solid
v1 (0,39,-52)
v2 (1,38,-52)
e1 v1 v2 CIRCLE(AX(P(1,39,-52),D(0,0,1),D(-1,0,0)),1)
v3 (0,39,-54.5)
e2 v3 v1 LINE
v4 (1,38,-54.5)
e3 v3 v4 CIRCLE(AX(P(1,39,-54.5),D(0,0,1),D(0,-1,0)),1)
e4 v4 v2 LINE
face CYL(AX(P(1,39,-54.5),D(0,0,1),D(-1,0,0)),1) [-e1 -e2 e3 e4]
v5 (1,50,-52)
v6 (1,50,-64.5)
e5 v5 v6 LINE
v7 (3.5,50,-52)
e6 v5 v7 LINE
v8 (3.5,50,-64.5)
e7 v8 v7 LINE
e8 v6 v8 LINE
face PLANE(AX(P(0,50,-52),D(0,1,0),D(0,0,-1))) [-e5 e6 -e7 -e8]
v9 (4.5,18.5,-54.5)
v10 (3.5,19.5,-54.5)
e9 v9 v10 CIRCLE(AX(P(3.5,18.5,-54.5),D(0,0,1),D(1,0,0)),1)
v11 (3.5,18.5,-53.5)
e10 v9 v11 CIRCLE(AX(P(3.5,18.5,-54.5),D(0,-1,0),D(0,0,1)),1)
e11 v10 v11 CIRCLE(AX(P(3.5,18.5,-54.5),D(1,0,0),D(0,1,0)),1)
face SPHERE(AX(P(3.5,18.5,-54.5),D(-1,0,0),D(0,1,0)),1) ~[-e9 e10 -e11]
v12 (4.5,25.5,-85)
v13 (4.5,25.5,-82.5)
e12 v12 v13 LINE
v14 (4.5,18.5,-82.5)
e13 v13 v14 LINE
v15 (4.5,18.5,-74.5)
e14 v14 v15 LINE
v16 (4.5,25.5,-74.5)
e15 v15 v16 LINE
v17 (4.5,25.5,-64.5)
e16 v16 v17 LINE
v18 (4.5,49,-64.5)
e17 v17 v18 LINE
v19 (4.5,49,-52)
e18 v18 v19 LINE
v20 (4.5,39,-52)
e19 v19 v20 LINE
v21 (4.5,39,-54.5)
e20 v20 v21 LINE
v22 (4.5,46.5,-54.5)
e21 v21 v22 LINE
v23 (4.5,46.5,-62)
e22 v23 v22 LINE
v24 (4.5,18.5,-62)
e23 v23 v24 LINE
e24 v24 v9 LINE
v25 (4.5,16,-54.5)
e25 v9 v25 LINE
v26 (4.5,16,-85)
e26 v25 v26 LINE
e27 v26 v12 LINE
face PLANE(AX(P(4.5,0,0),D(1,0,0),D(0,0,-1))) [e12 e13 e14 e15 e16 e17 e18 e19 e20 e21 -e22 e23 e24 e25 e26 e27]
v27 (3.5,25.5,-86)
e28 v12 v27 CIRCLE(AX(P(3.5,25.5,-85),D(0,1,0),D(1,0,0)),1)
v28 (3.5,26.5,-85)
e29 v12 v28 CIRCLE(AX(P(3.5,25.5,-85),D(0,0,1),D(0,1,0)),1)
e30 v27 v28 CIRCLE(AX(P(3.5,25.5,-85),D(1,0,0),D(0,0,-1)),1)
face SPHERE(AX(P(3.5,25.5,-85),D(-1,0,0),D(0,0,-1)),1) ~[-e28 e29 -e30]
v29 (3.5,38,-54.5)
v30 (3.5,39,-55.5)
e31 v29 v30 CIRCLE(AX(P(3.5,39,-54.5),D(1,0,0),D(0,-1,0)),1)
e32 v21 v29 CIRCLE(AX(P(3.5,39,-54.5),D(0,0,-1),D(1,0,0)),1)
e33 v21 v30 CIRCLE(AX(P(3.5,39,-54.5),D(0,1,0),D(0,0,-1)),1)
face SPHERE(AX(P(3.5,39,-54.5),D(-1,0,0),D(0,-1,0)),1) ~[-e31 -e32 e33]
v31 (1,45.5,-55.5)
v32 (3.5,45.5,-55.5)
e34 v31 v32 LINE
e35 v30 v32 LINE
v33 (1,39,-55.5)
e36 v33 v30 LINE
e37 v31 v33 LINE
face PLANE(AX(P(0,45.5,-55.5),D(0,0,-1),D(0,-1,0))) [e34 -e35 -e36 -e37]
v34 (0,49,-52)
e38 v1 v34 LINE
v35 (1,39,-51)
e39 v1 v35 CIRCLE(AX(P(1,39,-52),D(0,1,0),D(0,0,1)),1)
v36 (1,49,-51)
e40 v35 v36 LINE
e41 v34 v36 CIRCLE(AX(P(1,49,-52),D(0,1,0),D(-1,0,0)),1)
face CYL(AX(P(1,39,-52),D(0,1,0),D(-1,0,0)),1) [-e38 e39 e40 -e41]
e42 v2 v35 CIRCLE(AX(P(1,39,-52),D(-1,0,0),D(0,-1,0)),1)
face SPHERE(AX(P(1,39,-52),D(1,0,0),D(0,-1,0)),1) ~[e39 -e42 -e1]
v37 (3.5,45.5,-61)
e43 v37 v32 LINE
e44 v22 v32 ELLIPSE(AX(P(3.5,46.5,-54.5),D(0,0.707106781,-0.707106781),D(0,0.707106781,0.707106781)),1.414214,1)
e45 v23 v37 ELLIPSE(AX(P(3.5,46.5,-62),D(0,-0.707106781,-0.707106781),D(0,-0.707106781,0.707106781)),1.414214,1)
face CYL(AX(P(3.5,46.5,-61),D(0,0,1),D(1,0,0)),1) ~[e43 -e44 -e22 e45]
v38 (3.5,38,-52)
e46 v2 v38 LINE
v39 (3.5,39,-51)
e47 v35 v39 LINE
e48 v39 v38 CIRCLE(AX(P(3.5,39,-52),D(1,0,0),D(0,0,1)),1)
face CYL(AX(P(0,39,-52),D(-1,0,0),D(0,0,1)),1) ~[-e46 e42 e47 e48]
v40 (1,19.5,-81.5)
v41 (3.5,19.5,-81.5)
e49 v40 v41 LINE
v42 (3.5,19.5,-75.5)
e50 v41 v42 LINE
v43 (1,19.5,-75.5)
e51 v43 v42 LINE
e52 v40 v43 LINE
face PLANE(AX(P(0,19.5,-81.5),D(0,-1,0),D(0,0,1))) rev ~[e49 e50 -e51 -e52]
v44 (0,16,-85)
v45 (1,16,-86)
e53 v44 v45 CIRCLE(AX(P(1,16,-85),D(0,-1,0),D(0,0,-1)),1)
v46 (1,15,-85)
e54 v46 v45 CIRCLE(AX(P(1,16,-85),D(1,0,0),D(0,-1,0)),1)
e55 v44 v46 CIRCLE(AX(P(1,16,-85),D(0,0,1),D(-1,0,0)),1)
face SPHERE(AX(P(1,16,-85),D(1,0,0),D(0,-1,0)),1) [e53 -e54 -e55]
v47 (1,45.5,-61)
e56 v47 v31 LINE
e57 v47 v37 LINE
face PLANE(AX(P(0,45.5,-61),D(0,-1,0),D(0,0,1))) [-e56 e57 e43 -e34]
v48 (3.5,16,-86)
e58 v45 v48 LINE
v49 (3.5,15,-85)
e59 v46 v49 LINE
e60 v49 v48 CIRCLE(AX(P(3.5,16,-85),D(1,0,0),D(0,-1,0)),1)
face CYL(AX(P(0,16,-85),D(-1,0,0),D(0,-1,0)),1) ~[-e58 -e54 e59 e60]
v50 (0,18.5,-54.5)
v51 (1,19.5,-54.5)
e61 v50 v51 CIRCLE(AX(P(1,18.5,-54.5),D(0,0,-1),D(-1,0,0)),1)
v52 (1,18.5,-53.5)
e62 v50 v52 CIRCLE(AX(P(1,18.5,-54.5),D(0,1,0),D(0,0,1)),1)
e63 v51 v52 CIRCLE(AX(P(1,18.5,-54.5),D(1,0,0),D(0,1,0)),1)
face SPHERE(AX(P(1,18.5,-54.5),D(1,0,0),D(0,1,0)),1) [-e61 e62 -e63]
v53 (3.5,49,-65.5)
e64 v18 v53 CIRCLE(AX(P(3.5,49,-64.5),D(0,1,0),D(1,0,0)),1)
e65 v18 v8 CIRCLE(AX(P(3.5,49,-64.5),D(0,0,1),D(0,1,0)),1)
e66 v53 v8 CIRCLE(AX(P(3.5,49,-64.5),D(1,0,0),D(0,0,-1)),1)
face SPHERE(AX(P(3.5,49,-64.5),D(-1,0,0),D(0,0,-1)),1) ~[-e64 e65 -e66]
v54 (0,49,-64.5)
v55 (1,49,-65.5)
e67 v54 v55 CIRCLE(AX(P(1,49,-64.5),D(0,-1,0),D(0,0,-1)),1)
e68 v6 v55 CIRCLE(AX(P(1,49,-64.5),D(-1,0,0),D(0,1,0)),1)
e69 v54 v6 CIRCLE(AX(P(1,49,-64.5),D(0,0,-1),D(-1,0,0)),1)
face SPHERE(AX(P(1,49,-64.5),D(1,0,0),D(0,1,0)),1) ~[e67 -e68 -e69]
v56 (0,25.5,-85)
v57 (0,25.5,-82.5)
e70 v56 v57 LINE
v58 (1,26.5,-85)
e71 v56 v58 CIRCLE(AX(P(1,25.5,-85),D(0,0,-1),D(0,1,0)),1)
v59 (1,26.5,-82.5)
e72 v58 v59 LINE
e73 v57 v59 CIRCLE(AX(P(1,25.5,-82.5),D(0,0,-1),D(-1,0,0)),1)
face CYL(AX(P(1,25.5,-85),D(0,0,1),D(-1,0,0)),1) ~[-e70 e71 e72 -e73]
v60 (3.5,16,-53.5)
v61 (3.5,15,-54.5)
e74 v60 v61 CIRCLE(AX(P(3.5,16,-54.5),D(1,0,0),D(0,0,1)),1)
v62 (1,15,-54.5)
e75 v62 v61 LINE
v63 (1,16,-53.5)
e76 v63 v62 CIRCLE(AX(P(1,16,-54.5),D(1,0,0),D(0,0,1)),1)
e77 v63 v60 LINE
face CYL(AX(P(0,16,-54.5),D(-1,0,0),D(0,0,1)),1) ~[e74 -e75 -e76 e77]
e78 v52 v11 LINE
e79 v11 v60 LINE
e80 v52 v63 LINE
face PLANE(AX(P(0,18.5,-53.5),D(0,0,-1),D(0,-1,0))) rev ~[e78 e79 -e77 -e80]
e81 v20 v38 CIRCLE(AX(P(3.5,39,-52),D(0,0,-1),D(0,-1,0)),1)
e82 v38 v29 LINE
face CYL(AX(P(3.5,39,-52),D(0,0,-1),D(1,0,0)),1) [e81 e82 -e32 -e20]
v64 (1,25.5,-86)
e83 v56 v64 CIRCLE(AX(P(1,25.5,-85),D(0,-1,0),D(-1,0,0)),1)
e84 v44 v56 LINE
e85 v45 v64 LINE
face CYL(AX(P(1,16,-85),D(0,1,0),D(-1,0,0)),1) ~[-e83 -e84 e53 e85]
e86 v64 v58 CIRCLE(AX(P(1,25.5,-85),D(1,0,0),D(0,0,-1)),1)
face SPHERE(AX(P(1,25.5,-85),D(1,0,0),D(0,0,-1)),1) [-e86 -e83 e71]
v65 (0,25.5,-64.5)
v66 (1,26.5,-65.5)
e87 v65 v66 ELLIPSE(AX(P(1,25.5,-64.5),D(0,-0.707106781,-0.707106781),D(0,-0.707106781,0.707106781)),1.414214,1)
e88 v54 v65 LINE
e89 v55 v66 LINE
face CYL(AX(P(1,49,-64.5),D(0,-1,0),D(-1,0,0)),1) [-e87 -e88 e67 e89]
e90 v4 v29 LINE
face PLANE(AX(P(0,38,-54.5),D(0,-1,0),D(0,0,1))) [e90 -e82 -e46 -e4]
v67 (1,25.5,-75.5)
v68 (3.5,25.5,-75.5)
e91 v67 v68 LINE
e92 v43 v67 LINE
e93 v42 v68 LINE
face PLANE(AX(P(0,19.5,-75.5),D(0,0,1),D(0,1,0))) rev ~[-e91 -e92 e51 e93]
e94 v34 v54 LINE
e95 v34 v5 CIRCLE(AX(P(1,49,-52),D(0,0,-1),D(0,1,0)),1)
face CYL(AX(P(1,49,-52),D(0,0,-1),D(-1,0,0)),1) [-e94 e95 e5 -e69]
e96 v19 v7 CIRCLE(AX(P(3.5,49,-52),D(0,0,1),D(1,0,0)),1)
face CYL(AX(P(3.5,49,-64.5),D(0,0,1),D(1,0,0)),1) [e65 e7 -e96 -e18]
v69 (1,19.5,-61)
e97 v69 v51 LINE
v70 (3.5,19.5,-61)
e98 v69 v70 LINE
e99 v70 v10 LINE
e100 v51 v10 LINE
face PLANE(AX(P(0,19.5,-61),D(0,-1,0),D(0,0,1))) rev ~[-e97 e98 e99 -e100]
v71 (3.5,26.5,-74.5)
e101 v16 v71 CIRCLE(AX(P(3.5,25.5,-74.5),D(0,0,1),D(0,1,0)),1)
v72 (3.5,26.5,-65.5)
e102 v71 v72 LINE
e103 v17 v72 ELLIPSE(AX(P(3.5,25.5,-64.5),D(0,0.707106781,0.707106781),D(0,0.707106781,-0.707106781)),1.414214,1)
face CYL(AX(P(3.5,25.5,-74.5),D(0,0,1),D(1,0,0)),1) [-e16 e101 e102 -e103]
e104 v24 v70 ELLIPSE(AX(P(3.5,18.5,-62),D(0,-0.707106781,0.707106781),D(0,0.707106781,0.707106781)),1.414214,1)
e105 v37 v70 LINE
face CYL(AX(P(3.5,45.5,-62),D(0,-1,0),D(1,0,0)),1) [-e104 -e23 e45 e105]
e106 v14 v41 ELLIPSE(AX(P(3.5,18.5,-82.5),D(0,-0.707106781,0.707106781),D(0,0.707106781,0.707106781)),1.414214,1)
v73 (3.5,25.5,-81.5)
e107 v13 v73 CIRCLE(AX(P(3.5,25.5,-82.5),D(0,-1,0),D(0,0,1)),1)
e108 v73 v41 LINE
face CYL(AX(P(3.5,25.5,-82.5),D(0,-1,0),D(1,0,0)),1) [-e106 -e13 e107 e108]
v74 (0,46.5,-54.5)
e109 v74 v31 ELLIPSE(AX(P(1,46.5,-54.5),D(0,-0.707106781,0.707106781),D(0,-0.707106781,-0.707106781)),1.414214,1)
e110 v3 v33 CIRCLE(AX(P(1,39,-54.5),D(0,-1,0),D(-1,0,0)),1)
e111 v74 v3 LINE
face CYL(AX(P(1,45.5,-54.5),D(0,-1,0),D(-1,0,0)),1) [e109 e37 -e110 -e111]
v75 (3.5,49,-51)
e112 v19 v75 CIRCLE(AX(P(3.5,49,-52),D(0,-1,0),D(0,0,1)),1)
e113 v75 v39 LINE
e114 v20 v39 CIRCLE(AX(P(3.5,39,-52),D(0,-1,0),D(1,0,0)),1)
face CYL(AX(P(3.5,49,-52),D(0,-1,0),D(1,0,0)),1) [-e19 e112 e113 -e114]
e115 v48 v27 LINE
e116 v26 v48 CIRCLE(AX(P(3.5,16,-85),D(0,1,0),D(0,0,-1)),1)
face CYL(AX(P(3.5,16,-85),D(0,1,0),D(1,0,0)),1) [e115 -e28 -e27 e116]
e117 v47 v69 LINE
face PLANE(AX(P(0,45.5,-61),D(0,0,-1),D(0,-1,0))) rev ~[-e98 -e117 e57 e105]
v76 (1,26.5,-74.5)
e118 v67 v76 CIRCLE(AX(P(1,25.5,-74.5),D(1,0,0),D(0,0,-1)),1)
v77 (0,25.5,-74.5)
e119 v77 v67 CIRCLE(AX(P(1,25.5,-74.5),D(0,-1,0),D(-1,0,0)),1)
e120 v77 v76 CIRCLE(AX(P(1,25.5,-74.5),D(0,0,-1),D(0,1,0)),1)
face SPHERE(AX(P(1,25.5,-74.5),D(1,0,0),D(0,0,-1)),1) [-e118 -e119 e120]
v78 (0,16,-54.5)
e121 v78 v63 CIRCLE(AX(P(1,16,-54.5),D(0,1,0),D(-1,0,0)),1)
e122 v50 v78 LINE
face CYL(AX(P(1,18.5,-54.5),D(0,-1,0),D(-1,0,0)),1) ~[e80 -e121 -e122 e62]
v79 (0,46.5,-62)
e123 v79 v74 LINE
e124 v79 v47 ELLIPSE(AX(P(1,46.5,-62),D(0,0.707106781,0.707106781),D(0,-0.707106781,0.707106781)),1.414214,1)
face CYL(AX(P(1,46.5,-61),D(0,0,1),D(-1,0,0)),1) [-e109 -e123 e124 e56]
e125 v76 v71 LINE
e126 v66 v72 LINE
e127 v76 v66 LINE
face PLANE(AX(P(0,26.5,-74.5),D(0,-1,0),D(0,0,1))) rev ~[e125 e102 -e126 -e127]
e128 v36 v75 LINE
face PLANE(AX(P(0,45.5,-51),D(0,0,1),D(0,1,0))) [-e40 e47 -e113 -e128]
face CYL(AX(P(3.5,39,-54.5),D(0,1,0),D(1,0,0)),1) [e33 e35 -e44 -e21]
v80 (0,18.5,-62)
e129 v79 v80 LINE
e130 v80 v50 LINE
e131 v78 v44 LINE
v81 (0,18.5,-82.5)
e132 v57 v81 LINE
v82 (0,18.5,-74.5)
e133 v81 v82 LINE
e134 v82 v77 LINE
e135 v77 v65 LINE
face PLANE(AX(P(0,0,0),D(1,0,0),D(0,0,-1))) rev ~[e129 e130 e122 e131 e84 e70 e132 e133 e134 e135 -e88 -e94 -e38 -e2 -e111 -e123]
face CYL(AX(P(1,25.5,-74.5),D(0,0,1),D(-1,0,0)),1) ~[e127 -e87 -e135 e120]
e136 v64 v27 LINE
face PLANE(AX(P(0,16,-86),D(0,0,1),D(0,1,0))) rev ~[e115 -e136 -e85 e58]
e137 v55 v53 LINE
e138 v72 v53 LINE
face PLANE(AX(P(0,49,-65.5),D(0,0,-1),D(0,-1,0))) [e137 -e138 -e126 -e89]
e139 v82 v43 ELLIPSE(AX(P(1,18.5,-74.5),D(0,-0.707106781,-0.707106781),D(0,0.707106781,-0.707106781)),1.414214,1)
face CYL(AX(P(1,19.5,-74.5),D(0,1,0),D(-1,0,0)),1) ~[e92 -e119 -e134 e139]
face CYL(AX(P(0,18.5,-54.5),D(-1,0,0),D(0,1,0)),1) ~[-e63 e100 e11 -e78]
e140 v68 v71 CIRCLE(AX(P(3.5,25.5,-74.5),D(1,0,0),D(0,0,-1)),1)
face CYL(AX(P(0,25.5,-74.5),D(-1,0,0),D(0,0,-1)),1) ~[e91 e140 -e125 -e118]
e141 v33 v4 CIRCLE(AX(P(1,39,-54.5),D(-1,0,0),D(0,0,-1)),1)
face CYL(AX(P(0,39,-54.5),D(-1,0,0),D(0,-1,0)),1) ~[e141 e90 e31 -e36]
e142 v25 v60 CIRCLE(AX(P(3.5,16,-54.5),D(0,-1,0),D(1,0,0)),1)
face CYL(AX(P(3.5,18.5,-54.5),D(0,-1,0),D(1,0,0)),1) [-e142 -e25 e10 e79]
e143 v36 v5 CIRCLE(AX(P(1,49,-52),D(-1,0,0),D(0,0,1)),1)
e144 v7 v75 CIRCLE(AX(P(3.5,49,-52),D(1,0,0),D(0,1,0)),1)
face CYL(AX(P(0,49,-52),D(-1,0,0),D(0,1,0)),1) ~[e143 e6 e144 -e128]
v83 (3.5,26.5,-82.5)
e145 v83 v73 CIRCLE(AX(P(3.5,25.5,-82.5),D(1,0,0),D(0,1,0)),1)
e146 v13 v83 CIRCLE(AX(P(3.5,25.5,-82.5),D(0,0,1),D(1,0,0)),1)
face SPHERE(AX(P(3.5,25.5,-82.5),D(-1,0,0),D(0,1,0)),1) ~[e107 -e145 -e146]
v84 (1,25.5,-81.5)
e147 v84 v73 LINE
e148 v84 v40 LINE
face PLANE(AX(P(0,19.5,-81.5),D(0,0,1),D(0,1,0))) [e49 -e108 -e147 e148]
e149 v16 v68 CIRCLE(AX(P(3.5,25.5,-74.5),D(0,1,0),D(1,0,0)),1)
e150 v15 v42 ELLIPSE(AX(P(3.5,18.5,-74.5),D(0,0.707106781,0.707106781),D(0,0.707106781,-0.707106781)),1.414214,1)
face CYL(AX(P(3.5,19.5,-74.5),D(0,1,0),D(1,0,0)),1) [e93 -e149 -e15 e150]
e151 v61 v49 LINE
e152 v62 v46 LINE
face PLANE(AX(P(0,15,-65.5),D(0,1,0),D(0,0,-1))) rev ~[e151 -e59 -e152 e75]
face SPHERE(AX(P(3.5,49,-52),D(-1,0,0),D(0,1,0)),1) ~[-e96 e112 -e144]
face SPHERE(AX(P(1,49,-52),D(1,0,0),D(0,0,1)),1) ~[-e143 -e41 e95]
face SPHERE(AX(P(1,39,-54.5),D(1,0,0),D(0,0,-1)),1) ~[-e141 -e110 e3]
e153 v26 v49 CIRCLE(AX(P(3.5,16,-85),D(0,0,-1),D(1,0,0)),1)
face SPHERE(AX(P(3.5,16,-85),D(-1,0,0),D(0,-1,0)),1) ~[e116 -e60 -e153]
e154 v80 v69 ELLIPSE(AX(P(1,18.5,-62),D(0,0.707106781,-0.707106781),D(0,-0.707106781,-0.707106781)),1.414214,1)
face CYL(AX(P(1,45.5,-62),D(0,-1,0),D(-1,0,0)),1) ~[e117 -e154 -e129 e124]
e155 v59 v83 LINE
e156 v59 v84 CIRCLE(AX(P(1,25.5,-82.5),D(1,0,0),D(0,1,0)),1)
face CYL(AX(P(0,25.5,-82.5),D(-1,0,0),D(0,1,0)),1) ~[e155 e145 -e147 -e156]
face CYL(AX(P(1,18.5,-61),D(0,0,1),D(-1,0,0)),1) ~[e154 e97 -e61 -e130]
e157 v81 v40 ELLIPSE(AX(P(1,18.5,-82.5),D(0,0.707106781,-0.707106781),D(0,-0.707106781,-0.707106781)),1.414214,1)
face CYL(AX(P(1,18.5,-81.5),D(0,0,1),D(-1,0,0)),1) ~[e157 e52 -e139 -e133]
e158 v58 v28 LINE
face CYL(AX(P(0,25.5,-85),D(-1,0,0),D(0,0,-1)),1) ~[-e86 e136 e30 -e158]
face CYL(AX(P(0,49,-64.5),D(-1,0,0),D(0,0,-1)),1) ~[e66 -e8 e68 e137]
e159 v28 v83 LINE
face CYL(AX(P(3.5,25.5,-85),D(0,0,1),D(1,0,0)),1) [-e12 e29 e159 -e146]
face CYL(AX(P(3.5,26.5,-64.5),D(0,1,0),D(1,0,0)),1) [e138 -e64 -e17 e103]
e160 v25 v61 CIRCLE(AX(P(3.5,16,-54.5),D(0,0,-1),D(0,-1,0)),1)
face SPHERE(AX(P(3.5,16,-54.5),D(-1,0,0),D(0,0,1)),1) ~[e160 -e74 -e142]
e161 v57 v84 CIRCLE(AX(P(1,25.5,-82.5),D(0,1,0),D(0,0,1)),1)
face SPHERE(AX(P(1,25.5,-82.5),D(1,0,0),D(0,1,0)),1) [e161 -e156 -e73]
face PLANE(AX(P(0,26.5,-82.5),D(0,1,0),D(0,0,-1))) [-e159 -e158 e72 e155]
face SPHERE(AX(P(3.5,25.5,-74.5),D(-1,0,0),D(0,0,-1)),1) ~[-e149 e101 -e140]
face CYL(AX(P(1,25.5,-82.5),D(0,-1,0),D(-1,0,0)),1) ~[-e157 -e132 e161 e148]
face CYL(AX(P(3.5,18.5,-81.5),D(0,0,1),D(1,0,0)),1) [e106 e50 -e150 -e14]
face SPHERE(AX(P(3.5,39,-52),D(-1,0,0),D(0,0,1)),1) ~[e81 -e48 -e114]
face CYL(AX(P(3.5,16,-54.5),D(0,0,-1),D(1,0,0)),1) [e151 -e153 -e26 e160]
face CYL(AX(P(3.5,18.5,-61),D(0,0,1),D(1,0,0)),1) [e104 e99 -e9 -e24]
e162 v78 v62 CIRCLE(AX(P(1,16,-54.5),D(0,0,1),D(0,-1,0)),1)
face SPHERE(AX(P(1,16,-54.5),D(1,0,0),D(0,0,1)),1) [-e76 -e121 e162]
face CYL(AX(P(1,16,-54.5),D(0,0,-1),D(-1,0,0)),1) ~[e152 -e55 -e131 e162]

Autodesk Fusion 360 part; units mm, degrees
sketch "Sketch1" plane through (0, 0, 0) normal (1, 0, 0) x (0, 0, -1)
  line L0 (-50, 20) -> (-4, 20)
  line L1 (-4, 20) -> (-4, -11.5)
  line L2 (-4, -11.5) -> (-50, -11.5)
  line L3 (-50, -11.5) -> (-50, 20)
  line L4 (-65.5096, 6.4803) -> (-1.0096, 6.4803)
  line L5 (-1.0096, 6.4803) -> (-1.0096, -9.308)
  line L6 (-1.0096, -9.308) -> (-65.5096, -9.308)
  line L7 (-65.5096, -9.308) -> (-65.5096, 6.4803)
  line L8 (52, 50) -> (64.5, 50)
  line L9 (65.5, 49) -> (65.5, 45.5)
  line L10 (65.5, 45.5) -> (51, 45.5)
  line L11 (51, 45.5) -> (51, 49)
  line L12 (51, 45.5) -> (55.5, 45.5)
  line L13 (55.5, 45.5) -> (55.5, 39)
  line L14 (54.5, 38) -> (52, 38)
  line L15 (51, 39) -> (51, 45.5)
  line L16 (65.5, 45.5) -> (61, 45.5)
  line L17 (61, 45.5) -> (61, 19.5)
  line L18 (61, 19.5) -> (65.5, 19.5)
  line L19 (65.5, 19.5) -> (65.5, 45.5)
  line L20 (65.5, 19.5) -> (54.5, 19.5)
  line L21 (53.5, 18.5) -> (53.5, 16)
  line L22 (54.5, 15) -> (65.5, 15)
  line L23 (65.5, 15) -> (65.5, 19.5)
  line L24 (65.5, 15) -> (75.5, 15)
  line L25 (75.5, 15) -> (75.5, 25.5)
  line L26 (74.5, 26.5) -> (65.5, 26.5)
  line L27 (65.5, 26.5) -> (65.5, 15)
  line L28 (75.5, 15) -> (85, 15)
  line L29 (86, 16) -> (86, 19.5)
  line L30 (86, 19.5) -> (75.5, 19.5)
  line L31 (75.5, 19.5) -> (75.5, 15)
  line L32 (86, 19.5) -> (81.5, 19.5)
  line L33 (81.5, 19.5) -> (81.5, 25.5)
  line L34 (82.5, 26.5) -> (85, 26.5)
  line L35 (86, 25.5) -> (86, 19.5)
  arc A0 (52, 50) -> (51, 49) centre (52, 49) ccw
  arc A1 (65.5, 49) -> (64.5, 50) centre (64.5, 49) ccw
  arc A2 (51, 39) -> (52, 38) centre (52, 39) ccw
  arc A3 (54.5, 38) -> (55.5, 39) centre (54.5, 39) ccw
  arc A4 (54.5, 19.5) -> (53.5, 18.5) centre (54.5, 18.5) ccw
  arc A5 (53.5, 16) -> (54.5, 15) centre (54.5, 16) ccw
  arc A6 (75.5, 25.5) -> (74.5, 26.5) centre (74.5, 25.5) ccw
  arc A7 (82.5, 26.5) -> (81.5, 25.5) centre (82.5, 25.5) ccw
  arc A8 (86, 25.5) -> (85, 26.5) centre (85, 25.5) ccw
  arc A9 (85, 15) -> (86, 16) centre (85, 16) ccw
  point P0 (51, 50)
  point P1 (65.5, 50)
  point P2 (51, 38)
  point P3 (53.5, 19.5)
  point P4 (86, 15)
  point P5 (86, 26.5)
  dimension "d1" = 46
  dimension "d2" = 31.5
  dimension "d3" = 64.5
  dimension "d4" = 14.5
  dimension "d5" = 4.5
  dimension "d6" = 4.5
  dimension "d7" = 7.5
  dimension "d8" = 4.5
  dimension "d9" = 26
  dimension "d10" = 12
  dimension "d11" = 4.5
  dimension "d12" = 10
  dimension "d13" = 11.5
  dimension "d14" = 10.5
  dimension "d15" = 4.5
  dimension "d16" = 4.5
  dimension "d17" = 7
  dimension "d18" = 1
extrude "Extrude1" add sketch "Sketch1" along normal blind 4.5 contours L8 L9 L10 L11 L12 L16 A0 A1 | L10 L12 L13 L14 L15 A2 A3 | L10 L16 L17 L18 L19 L20 L27 | L19 L23 L24 L25 L26 L27 L31 A6 | L18 L20 L21 L22 L23 L27 A4 A5 | L25 L28 L29 L30 L31 L32 A9 | L30 L32 L33 L34 L35 A7 A8
fillet "Fillet1" radius 1 26 edges at (4.5, 37.75, -65.5) (4.5, 49.7071, -65.2071) (4.5, 50, -58.25) (4.5, 49.7071, -51.2929) (4.5, 44, -51) (4.5, 38.2929, -51.2929) (4.5, 38, -53.25) (4.5, 38.2929, -55.2071) (4.5, 42.25, -55.5) (4.5, 22.5, -75.5) (4.5, 26.2071, -75.2071) (4.5, 26.5, -70) (4.5, 19.5, -78.5) (4.5, 19.5, -57.75) (4.5, 19.2071, -53.7929) (4.5, 17.25, -53.5) (4.5, 15.2929, -53.7929) (4.5, 15, -69.75) (4.5, 15.2929, -85.7071) (4.5, 20.75, -86) (4.5, 26.2071, -85.7071) (4.5, 26.5, -83.75) (4.5, 26.2071, -81.7929) (4.5, 22.5, -81.5) (4.5, 32.5, -61) (4.5, 45.5, -58.25)
fillet "Fillet2" radius 1 26 edges at (0, 22.5, -75.5) (0, 26.2071, -75.2071) (0, 26.5, -70) (0, 37.75, -65.5) (0, 49.7071, -65.2071) (0, 50, -58.25) (0, 49.7071, -51.2929) (0, 44, -51) (0, 38.2929, -51.2929) (0, 38, -53.25) (0, 38.2929, -55.2071) (0, 42.25, -55.5) (0, 45.5, -58.25) (0, 32.5, -61) (0, 19.5, -57.75) (0, 19.2071, -53.7929) (0, 17.25, -53.5) (0, 15.2929, -53.7929) (0, 15, -69.75) (0, 15.2929, -85.7071) (0, 20.75, -86) (0, 26.2071, -85.7071) (0, 26.5, -83.75) (0, 26.2071, -81.7929) (0, 22.5, -81.5) (0, 19.5, -78.5)
equation "d4 = 4.5 mm + 5.5 mm + 4.5 mm"
equation "d7 = 12 mm - d5"
equation "d10 = 4.5 mm + 7.5 mm"
equation "d12 = 5.5 mm + 4.5 mm"
equation "d13 = 4.5 mm + 7 mm"
equation "d14 = 6 mm + 4.5 mm"
